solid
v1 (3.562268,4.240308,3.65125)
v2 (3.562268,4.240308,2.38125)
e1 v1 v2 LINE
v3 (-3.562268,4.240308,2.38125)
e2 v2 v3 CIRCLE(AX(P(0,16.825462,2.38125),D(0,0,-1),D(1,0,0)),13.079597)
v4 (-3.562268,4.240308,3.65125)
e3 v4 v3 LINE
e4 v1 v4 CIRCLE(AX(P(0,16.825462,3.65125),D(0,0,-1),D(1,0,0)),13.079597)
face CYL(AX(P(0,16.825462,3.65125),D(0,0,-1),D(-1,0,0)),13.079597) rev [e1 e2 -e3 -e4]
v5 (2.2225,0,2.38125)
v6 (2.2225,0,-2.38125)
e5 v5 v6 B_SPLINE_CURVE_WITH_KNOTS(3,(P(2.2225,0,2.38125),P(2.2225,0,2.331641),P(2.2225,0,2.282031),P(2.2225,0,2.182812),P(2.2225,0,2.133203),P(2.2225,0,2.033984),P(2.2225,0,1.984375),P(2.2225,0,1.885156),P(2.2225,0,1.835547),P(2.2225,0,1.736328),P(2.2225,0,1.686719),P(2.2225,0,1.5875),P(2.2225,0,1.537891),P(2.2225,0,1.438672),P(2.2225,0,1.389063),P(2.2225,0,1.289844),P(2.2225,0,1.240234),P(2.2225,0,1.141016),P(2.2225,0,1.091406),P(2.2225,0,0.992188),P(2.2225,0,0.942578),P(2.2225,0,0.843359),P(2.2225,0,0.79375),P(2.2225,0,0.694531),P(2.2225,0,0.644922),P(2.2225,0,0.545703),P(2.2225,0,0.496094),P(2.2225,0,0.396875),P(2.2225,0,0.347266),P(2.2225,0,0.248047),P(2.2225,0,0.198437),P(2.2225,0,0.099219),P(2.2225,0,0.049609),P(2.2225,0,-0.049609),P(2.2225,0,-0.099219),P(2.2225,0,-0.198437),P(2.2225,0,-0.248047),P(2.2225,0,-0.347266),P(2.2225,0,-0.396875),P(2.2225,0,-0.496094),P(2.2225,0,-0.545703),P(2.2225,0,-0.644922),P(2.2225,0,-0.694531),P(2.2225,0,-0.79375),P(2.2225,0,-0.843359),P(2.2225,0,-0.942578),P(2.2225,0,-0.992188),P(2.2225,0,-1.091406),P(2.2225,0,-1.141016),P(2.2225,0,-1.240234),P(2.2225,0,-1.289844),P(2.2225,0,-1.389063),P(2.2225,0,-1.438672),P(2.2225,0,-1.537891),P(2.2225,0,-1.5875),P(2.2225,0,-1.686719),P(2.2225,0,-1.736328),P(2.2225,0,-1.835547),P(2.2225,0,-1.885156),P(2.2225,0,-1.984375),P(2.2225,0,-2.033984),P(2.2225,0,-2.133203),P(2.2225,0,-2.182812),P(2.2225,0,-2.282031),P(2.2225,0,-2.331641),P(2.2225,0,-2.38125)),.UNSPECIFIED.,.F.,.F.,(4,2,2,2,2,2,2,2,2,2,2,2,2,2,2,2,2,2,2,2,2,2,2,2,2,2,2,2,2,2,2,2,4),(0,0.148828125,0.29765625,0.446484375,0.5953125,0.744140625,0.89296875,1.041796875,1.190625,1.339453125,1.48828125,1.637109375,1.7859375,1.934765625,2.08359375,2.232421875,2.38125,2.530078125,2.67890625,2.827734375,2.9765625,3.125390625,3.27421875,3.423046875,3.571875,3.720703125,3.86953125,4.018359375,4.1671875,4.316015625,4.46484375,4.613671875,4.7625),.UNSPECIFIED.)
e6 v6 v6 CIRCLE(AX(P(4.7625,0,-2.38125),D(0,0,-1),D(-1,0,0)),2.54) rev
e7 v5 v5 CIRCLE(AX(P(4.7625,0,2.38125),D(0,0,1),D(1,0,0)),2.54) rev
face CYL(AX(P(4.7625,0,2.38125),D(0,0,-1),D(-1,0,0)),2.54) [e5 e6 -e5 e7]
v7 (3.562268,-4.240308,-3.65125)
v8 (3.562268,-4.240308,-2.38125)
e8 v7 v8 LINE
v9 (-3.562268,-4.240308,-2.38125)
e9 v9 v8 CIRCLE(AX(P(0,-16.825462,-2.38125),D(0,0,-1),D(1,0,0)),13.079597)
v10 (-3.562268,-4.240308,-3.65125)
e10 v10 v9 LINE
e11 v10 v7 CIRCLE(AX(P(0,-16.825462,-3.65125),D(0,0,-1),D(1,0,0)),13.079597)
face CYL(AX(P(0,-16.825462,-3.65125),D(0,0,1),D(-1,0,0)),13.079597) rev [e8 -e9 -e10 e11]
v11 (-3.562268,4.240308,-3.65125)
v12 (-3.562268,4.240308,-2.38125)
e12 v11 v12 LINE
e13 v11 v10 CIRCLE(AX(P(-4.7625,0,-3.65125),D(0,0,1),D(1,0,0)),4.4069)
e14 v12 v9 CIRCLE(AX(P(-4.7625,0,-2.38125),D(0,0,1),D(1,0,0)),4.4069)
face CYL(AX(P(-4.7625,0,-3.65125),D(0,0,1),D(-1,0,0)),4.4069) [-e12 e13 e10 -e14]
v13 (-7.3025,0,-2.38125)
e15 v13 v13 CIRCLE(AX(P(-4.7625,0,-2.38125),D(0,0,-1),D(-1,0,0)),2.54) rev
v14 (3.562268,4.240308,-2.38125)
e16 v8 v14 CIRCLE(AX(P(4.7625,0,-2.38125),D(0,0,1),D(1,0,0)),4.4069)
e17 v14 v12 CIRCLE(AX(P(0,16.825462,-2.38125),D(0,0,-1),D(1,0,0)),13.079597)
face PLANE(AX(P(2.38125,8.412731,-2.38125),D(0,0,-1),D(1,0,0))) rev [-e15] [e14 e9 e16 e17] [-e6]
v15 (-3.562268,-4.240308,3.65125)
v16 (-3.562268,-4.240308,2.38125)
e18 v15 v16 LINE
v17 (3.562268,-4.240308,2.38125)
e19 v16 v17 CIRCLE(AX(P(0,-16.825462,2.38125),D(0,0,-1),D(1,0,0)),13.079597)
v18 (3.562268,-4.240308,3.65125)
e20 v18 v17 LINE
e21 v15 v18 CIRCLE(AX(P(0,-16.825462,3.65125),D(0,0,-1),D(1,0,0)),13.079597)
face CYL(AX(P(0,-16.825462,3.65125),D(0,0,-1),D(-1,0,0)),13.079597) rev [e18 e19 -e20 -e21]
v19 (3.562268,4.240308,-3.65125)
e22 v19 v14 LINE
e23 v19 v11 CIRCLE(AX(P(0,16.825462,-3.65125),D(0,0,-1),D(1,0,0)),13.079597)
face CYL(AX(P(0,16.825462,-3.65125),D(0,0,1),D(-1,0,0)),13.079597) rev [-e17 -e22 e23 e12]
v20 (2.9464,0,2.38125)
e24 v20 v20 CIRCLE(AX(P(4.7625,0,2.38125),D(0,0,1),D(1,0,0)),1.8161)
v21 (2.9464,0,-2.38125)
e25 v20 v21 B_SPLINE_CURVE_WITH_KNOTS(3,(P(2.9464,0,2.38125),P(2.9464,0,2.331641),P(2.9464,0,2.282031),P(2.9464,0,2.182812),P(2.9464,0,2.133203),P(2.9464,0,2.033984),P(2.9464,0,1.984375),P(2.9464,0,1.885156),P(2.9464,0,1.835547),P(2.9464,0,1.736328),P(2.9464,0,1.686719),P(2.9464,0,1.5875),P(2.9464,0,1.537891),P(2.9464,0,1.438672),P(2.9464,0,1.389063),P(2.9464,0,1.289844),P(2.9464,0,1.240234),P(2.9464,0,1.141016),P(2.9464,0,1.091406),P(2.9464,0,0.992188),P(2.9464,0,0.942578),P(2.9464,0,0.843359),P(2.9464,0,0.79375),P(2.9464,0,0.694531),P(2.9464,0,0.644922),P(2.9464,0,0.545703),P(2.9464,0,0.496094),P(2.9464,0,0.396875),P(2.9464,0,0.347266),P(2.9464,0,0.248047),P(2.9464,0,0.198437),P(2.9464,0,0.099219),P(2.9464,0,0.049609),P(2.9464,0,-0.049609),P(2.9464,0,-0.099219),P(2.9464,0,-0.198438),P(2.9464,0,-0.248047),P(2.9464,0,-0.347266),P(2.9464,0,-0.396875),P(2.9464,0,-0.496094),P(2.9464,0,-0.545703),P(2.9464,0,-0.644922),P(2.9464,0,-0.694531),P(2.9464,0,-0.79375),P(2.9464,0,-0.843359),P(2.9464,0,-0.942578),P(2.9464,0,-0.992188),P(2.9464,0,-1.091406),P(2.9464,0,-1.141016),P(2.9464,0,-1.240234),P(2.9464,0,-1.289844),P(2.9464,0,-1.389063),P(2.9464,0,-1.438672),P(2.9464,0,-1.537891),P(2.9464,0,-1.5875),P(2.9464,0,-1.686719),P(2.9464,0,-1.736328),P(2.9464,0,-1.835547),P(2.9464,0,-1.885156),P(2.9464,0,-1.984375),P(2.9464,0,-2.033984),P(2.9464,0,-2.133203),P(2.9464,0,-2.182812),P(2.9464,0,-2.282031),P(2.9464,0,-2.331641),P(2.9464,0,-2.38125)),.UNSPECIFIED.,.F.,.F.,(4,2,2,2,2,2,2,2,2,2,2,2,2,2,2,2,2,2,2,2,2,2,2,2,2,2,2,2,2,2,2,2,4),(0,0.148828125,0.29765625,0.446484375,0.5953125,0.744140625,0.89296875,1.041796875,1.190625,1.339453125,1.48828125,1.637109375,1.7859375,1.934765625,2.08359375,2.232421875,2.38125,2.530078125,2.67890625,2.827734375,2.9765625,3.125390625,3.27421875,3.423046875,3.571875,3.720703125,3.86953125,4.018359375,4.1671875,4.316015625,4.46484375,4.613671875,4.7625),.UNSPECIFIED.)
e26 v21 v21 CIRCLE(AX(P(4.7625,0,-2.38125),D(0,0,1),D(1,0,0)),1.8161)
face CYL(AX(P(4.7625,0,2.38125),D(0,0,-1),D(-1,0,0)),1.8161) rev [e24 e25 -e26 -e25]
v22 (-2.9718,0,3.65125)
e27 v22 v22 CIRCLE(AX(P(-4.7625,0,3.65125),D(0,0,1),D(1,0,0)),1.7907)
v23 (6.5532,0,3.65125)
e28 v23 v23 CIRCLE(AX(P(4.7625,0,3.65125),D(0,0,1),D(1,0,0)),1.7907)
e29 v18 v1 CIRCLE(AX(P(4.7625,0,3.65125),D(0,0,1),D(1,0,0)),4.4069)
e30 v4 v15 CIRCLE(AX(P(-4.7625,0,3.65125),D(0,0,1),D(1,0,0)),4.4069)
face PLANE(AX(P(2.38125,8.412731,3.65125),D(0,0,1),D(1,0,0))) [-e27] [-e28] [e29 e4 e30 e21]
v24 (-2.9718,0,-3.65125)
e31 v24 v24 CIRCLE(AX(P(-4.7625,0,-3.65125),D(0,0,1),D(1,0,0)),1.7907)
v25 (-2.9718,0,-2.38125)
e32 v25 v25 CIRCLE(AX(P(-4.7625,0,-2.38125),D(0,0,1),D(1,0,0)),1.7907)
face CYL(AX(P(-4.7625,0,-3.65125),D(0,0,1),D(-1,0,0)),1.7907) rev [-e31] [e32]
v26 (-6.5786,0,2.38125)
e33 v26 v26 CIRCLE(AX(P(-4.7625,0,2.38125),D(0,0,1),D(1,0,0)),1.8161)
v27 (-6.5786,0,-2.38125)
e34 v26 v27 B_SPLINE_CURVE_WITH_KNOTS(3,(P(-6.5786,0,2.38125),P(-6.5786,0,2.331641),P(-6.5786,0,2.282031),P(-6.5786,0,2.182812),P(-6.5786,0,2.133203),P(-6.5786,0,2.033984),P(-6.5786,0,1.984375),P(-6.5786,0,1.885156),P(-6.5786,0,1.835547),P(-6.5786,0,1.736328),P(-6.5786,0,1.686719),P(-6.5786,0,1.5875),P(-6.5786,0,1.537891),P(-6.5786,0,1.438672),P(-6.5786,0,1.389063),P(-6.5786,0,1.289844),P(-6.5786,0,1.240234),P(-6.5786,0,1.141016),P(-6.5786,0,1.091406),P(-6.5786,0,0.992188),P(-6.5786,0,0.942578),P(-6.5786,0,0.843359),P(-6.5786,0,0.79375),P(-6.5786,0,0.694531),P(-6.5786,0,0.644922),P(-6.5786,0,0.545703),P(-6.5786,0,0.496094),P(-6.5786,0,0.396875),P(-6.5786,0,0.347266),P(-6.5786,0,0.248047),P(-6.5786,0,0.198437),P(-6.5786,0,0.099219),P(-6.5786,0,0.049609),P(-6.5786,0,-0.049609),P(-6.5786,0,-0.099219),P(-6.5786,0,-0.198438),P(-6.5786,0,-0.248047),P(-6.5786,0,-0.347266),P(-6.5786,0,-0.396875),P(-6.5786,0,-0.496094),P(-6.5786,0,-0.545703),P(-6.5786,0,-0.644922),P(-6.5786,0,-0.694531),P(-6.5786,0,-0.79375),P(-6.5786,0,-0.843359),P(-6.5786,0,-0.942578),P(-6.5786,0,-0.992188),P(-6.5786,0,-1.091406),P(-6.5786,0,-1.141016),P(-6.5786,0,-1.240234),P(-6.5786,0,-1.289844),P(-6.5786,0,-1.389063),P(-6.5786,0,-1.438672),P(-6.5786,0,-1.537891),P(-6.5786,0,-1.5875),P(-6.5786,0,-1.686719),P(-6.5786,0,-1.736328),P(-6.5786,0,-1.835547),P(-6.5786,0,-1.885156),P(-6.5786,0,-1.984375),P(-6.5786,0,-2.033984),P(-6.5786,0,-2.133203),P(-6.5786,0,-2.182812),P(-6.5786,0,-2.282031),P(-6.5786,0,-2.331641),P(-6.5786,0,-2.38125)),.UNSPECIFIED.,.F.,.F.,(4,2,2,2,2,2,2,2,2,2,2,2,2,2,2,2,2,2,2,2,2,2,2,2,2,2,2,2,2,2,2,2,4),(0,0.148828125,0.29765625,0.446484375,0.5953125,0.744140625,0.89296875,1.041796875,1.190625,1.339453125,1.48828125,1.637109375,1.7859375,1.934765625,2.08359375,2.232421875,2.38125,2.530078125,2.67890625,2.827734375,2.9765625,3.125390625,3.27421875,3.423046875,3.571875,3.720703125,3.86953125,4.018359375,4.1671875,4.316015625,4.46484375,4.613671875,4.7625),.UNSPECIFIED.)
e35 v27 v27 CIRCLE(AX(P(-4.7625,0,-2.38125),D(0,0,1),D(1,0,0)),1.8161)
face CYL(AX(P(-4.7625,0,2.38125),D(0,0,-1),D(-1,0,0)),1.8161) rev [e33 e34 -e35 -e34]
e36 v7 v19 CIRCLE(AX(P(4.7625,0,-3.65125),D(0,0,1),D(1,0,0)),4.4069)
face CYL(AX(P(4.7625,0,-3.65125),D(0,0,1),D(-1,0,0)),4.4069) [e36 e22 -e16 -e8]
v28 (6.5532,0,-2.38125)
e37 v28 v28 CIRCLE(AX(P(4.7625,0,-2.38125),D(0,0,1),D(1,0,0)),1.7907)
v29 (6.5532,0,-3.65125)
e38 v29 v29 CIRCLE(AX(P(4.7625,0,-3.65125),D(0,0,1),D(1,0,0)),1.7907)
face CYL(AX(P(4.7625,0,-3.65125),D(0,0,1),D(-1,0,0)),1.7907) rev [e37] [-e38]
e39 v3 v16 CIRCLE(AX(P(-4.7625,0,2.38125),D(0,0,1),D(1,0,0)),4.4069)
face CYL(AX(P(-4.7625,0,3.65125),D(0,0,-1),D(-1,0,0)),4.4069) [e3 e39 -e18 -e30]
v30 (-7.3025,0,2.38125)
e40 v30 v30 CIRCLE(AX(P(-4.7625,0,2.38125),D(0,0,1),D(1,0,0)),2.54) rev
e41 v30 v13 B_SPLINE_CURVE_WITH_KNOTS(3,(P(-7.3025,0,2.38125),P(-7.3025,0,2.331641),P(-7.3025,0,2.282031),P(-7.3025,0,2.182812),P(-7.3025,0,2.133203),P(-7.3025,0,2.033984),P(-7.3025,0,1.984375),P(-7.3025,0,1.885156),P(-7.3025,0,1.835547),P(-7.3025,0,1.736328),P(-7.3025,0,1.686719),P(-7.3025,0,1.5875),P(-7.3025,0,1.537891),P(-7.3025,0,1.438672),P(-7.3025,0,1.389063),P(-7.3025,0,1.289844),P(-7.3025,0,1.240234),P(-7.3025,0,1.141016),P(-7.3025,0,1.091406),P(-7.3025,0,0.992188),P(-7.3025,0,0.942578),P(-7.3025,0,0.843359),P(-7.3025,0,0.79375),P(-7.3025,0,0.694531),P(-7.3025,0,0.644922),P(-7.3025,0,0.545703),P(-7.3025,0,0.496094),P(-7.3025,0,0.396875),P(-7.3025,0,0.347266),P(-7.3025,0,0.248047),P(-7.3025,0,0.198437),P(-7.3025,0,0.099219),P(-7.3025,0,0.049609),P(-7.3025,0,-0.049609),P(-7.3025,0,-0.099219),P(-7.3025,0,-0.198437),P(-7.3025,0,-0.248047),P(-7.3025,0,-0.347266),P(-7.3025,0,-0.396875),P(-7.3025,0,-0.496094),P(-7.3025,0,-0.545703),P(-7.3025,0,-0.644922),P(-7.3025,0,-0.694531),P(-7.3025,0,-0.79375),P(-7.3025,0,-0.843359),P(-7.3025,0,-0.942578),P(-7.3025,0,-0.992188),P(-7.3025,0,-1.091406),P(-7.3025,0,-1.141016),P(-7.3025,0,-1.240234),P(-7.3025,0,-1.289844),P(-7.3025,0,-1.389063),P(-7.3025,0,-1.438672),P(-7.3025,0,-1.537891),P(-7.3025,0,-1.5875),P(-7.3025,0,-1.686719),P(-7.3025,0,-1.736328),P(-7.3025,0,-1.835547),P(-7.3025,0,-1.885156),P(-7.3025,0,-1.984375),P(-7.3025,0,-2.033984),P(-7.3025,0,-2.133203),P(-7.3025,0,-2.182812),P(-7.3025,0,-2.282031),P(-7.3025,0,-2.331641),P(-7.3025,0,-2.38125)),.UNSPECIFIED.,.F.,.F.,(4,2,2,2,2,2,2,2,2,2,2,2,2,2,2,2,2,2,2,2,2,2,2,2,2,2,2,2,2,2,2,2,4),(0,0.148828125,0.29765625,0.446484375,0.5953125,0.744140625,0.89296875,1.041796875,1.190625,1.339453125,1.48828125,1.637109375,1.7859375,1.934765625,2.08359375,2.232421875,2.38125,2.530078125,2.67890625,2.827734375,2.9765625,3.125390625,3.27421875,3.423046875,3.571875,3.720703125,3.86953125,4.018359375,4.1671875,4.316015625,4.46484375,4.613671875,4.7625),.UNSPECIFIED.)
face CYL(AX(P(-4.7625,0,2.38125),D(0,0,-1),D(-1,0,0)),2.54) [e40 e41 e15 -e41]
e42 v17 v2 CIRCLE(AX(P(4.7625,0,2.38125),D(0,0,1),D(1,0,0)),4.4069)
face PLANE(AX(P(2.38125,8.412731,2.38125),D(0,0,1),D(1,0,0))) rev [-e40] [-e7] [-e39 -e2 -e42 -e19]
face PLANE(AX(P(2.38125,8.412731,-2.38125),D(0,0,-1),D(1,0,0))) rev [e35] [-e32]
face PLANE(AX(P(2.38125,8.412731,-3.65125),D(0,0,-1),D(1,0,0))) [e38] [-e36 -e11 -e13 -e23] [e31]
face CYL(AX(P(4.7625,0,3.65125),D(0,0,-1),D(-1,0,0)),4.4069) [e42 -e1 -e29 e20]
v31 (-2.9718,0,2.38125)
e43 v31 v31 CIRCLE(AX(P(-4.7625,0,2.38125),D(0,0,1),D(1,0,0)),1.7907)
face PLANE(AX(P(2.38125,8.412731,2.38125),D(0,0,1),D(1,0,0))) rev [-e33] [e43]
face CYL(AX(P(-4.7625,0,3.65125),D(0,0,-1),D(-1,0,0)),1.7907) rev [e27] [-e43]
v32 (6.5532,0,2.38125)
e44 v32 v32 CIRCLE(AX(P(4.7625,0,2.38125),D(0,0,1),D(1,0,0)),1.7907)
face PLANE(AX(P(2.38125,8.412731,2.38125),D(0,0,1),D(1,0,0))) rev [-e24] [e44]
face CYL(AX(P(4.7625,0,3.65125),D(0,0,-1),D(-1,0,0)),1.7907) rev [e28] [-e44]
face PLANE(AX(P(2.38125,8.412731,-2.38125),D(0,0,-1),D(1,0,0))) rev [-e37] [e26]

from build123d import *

# Parameters (mm, degrees)
SKETCH4_R             = 2.54
SKETCH4_R_2           = 1.8161
BOSS_EXTRUDE1_DEPTH   = 2.38125
BOSS_EXTRUDE1_2_DEPTH = 2.38125
SKETCH5_R             = 1.7907
BOSS_EXTRUDE2_DEPTH   = 1.27


with BuildPart() as part:
    # Sketch4 → Boss-Extrude1 (new, symmetric)
    with BuildSketch(Plane.XY):
        with Locations(Location((-4.7625, 0, 0), (0, 0, 180))):
            Circle(SKETCH4_R)
        with Locations(Location((-4.7625, 0, 0), (0, 0, 180))):
            Circle(SKETCH4_R_2, mode=Mode.SUBTRACT)
    extrude(amount=BOSS_EXTRUDE1_DEPTH, both=True)


with BuildPart() as body_2:
    # Sketch4 → Boss-Extrude1 2 (new, symmetric)
    with BuildSketch(Plane.XY):
        with Locations(Location((4.7625, 0, 0), (0, 0, 180))):
            Circle(SKETCH4_R)
        with Locations(Location((4.7625, 0, 0), (0, 0, 180))):
            Circle(SKETCH4_R_2, mode=Mode.SUBTRACT)
    extrude(amount=BOSS_EXTRUDE1_2_DEPTH, both=True)


with BuildPart() as body_3:
    # Sketch5 → Boss-Extrude2 (new body)
    with BuildSketch(Plane.XY.offset(2.38125)):
        with BuildLine():
            ThreePointArc((-3.562267566, 4.240307738), (-9.1694, 0), (-3.562267566, -4.240307738))
            ThreePointArc((-3.562267566, -4.240307738), (0, -3.745865), (3.562267566, -4.240307738))
            ThreePointArc((3.562267566, -4.240307738), (9.1694, 0), (3.562267566, 4.240307738))
            ThreePointArc((3.562267566, 4.240307738), (0, 3.745865), (-3.562267566, 4.240307738))
        make_face()
        with Locations((-4.7625, 0)):
            Circle(SKETCH5_R, mode=Mode.SUBTRACT)
        with Locations((4.7625, 0)):
            Circle(SKETCH5_R, mode=Mode.SUBTRACT)
    extrude(amount=BOSS_EXTRUDE2_DEPTH)


with BuildPart() as body_4:
    # Mirror3: mirrored copy
    add(body_3.part.mirror(Plane.XY))

    # Combine2: union body 3, body 2, part
    add(body_3.part)
    add(body_2.part)
    add(part.part)


solid = body_4.part
